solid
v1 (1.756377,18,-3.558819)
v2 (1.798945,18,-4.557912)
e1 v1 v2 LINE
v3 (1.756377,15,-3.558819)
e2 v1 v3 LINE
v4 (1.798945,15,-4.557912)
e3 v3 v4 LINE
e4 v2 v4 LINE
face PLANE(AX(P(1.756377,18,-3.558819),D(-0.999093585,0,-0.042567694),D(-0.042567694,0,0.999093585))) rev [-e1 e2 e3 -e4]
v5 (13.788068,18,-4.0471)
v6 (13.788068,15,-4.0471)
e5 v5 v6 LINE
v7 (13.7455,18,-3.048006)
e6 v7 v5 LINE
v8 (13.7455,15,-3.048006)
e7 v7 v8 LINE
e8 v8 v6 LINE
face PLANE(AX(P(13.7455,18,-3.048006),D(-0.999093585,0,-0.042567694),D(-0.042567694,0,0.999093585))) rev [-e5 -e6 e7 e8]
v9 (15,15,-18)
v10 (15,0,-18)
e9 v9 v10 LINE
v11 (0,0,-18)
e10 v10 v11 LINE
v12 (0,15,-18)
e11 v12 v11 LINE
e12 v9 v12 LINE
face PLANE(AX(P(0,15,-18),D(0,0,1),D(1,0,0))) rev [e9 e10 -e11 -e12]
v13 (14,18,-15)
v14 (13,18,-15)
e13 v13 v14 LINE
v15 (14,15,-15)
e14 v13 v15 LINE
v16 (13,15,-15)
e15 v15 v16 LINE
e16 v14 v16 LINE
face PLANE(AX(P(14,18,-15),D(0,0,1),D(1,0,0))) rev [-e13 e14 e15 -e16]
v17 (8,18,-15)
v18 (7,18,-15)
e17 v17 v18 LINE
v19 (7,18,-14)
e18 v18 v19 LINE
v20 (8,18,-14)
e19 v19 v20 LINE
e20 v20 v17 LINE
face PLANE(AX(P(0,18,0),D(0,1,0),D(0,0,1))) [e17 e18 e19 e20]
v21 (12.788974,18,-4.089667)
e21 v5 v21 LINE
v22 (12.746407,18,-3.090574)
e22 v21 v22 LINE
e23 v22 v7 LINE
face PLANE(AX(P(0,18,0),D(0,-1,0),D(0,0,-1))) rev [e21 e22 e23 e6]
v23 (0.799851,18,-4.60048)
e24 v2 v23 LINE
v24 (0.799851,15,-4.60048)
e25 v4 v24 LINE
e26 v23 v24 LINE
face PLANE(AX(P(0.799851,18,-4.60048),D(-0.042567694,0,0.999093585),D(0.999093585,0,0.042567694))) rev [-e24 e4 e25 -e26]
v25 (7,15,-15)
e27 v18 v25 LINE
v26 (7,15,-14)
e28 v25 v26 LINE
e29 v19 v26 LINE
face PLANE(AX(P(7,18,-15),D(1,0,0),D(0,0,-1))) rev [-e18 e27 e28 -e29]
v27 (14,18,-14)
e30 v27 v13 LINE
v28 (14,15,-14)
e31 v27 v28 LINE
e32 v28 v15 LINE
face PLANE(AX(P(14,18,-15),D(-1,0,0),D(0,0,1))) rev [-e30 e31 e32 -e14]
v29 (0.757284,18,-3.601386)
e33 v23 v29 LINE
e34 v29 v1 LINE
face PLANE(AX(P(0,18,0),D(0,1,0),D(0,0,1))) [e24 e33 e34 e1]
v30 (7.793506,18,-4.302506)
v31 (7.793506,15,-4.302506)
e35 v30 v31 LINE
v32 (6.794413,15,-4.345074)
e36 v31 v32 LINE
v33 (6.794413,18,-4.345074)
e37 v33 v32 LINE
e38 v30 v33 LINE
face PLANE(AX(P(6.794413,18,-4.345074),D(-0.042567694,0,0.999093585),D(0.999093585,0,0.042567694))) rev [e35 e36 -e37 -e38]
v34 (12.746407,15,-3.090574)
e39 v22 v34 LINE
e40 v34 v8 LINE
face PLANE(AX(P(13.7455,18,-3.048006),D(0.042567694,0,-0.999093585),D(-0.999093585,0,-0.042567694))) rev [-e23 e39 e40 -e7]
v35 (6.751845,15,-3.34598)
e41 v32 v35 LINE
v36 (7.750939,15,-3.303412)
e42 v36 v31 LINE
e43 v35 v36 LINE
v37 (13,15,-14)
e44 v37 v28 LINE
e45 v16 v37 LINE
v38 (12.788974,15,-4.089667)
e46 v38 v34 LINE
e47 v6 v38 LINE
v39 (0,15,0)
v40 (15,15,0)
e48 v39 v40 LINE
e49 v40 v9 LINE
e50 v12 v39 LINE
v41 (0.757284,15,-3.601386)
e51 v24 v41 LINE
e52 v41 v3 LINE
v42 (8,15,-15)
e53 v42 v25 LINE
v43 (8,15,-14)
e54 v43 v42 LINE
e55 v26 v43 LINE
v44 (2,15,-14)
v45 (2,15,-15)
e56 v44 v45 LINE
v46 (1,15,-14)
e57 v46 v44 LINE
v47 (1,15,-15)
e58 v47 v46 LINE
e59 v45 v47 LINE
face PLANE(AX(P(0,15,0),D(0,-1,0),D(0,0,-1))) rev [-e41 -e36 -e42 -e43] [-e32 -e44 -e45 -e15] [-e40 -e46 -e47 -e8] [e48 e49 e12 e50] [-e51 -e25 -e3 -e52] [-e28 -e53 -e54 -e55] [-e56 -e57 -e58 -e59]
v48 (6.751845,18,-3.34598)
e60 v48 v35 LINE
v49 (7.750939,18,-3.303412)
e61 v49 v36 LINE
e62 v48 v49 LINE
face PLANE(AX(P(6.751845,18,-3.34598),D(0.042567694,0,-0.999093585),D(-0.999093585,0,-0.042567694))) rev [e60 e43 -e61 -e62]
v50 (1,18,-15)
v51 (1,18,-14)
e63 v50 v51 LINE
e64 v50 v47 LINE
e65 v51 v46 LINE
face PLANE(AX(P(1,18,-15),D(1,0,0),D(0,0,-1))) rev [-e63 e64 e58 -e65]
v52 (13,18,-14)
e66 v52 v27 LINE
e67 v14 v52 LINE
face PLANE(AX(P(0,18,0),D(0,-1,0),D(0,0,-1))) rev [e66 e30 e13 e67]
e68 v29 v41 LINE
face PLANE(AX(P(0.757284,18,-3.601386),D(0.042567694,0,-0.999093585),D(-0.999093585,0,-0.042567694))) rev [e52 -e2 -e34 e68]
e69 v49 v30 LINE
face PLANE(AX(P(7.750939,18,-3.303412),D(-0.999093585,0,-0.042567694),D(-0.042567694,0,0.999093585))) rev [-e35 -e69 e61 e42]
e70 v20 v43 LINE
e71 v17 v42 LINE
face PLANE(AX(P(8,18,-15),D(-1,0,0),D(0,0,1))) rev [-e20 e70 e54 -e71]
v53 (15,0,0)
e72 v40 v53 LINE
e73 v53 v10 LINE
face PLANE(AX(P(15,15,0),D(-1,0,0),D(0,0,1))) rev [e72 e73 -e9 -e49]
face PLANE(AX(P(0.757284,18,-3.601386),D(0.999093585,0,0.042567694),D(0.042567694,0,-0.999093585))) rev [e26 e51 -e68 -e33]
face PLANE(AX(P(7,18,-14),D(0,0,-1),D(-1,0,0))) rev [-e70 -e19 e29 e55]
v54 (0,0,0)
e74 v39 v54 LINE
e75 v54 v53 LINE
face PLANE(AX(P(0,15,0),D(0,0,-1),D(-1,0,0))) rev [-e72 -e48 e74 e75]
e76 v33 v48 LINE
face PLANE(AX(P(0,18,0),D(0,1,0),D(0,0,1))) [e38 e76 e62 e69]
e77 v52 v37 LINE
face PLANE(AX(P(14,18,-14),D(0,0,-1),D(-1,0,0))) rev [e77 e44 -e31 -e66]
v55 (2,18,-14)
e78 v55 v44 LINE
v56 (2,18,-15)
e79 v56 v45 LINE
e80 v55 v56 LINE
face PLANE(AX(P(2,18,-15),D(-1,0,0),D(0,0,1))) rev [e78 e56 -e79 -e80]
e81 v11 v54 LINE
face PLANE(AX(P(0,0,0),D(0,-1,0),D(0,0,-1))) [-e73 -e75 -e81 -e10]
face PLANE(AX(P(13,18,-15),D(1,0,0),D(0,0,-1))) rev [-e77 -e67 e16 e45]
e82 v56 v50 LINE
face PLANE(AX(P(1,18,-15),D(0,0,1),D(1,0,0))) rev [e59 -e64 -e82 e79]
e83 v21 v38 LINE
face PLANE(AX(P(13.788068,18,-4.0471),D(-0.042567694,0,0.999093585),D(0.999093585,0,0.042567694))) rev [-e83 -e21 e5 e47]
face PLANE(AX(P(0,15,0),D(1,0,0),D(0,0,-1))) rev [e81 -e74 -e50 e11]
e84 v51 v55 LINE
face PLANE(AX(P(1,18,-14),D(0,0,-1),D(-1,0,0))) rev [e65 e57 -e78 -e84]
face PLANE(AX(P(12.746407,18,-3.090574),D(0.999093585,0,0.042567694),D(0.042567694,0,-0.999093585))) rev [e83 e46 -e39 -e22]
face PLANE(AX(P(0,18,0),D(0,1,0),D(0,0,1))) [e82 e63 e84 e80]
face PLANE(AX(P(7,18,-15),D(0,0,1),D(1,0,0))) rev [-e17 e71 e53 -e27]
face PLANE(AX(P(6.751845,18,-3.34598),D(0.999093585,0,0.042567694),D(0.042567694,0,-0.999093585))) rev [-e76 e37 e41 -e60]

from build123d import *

# Parameters (mm, degrees)
ESQUISSE1_W        = 15
ESQUISSE1_H        = 18
BOSS_EXTRU_1_DEPTH = 15
ESQUISSE2_W        = 1
ESQUISSE2_H        = 1
BOSS_EXTRU_2_DEPTH = 3


with BuildPart() as part:
    # Esquisse1 → Boss.-Extru.1 (new body)
    with BuildSketch(Plane(origin=(0, 0, 0), x_dir=(1, 0, 0), z_dir=(0, 1, 0))):
        with Locations((7.5, 9)):
            Rectangle(ESQUISSE1_W, ESQUISSE1_H)
    extrude(amount=BOSS_EXTRU_1_DEPTH)

    # Esquisse2 → Boss.-Extru.2 (add)
    with BuildSketch(Plane(origin=(0, 15, 0), x_dir=(1, 0, 0), z_dir=(0, 1, 0))):
        with Locations((1.5, 14.5)):
            Rectangle(ESQUISSE2_W, ESQUISSE2_H)
        with Locations((7.5, 14.5)):
            Rectangle(ESQUISSE2_W, ESQUISSE2_H)
        with Locations((13.5, 14.5)):
            Rectangle(ESQUISSE2_W, ESQUISSE2_H)
        Polygon((12.746406665, 3.090573879), (12.788974359, 4.089667464), (13.788067944, 4.04709977), (13.745500249, 3.048006185), align=None)
        Polygon((7.75093874, 3.30341235), (7.793506434, 4.302505935), (6.794412849, 4.34507363), (6.751845155, 3.345980045), align=None)
        Polygon((1.756377231, 3.558818516), (1.798944925, 4.557912101), (0.79985134, 4.600479795), (0.757283646, 3.60138621), align=None)
    extrude(amount=BOSS_EXTRU_2_DEPTH)


solid = part.part
